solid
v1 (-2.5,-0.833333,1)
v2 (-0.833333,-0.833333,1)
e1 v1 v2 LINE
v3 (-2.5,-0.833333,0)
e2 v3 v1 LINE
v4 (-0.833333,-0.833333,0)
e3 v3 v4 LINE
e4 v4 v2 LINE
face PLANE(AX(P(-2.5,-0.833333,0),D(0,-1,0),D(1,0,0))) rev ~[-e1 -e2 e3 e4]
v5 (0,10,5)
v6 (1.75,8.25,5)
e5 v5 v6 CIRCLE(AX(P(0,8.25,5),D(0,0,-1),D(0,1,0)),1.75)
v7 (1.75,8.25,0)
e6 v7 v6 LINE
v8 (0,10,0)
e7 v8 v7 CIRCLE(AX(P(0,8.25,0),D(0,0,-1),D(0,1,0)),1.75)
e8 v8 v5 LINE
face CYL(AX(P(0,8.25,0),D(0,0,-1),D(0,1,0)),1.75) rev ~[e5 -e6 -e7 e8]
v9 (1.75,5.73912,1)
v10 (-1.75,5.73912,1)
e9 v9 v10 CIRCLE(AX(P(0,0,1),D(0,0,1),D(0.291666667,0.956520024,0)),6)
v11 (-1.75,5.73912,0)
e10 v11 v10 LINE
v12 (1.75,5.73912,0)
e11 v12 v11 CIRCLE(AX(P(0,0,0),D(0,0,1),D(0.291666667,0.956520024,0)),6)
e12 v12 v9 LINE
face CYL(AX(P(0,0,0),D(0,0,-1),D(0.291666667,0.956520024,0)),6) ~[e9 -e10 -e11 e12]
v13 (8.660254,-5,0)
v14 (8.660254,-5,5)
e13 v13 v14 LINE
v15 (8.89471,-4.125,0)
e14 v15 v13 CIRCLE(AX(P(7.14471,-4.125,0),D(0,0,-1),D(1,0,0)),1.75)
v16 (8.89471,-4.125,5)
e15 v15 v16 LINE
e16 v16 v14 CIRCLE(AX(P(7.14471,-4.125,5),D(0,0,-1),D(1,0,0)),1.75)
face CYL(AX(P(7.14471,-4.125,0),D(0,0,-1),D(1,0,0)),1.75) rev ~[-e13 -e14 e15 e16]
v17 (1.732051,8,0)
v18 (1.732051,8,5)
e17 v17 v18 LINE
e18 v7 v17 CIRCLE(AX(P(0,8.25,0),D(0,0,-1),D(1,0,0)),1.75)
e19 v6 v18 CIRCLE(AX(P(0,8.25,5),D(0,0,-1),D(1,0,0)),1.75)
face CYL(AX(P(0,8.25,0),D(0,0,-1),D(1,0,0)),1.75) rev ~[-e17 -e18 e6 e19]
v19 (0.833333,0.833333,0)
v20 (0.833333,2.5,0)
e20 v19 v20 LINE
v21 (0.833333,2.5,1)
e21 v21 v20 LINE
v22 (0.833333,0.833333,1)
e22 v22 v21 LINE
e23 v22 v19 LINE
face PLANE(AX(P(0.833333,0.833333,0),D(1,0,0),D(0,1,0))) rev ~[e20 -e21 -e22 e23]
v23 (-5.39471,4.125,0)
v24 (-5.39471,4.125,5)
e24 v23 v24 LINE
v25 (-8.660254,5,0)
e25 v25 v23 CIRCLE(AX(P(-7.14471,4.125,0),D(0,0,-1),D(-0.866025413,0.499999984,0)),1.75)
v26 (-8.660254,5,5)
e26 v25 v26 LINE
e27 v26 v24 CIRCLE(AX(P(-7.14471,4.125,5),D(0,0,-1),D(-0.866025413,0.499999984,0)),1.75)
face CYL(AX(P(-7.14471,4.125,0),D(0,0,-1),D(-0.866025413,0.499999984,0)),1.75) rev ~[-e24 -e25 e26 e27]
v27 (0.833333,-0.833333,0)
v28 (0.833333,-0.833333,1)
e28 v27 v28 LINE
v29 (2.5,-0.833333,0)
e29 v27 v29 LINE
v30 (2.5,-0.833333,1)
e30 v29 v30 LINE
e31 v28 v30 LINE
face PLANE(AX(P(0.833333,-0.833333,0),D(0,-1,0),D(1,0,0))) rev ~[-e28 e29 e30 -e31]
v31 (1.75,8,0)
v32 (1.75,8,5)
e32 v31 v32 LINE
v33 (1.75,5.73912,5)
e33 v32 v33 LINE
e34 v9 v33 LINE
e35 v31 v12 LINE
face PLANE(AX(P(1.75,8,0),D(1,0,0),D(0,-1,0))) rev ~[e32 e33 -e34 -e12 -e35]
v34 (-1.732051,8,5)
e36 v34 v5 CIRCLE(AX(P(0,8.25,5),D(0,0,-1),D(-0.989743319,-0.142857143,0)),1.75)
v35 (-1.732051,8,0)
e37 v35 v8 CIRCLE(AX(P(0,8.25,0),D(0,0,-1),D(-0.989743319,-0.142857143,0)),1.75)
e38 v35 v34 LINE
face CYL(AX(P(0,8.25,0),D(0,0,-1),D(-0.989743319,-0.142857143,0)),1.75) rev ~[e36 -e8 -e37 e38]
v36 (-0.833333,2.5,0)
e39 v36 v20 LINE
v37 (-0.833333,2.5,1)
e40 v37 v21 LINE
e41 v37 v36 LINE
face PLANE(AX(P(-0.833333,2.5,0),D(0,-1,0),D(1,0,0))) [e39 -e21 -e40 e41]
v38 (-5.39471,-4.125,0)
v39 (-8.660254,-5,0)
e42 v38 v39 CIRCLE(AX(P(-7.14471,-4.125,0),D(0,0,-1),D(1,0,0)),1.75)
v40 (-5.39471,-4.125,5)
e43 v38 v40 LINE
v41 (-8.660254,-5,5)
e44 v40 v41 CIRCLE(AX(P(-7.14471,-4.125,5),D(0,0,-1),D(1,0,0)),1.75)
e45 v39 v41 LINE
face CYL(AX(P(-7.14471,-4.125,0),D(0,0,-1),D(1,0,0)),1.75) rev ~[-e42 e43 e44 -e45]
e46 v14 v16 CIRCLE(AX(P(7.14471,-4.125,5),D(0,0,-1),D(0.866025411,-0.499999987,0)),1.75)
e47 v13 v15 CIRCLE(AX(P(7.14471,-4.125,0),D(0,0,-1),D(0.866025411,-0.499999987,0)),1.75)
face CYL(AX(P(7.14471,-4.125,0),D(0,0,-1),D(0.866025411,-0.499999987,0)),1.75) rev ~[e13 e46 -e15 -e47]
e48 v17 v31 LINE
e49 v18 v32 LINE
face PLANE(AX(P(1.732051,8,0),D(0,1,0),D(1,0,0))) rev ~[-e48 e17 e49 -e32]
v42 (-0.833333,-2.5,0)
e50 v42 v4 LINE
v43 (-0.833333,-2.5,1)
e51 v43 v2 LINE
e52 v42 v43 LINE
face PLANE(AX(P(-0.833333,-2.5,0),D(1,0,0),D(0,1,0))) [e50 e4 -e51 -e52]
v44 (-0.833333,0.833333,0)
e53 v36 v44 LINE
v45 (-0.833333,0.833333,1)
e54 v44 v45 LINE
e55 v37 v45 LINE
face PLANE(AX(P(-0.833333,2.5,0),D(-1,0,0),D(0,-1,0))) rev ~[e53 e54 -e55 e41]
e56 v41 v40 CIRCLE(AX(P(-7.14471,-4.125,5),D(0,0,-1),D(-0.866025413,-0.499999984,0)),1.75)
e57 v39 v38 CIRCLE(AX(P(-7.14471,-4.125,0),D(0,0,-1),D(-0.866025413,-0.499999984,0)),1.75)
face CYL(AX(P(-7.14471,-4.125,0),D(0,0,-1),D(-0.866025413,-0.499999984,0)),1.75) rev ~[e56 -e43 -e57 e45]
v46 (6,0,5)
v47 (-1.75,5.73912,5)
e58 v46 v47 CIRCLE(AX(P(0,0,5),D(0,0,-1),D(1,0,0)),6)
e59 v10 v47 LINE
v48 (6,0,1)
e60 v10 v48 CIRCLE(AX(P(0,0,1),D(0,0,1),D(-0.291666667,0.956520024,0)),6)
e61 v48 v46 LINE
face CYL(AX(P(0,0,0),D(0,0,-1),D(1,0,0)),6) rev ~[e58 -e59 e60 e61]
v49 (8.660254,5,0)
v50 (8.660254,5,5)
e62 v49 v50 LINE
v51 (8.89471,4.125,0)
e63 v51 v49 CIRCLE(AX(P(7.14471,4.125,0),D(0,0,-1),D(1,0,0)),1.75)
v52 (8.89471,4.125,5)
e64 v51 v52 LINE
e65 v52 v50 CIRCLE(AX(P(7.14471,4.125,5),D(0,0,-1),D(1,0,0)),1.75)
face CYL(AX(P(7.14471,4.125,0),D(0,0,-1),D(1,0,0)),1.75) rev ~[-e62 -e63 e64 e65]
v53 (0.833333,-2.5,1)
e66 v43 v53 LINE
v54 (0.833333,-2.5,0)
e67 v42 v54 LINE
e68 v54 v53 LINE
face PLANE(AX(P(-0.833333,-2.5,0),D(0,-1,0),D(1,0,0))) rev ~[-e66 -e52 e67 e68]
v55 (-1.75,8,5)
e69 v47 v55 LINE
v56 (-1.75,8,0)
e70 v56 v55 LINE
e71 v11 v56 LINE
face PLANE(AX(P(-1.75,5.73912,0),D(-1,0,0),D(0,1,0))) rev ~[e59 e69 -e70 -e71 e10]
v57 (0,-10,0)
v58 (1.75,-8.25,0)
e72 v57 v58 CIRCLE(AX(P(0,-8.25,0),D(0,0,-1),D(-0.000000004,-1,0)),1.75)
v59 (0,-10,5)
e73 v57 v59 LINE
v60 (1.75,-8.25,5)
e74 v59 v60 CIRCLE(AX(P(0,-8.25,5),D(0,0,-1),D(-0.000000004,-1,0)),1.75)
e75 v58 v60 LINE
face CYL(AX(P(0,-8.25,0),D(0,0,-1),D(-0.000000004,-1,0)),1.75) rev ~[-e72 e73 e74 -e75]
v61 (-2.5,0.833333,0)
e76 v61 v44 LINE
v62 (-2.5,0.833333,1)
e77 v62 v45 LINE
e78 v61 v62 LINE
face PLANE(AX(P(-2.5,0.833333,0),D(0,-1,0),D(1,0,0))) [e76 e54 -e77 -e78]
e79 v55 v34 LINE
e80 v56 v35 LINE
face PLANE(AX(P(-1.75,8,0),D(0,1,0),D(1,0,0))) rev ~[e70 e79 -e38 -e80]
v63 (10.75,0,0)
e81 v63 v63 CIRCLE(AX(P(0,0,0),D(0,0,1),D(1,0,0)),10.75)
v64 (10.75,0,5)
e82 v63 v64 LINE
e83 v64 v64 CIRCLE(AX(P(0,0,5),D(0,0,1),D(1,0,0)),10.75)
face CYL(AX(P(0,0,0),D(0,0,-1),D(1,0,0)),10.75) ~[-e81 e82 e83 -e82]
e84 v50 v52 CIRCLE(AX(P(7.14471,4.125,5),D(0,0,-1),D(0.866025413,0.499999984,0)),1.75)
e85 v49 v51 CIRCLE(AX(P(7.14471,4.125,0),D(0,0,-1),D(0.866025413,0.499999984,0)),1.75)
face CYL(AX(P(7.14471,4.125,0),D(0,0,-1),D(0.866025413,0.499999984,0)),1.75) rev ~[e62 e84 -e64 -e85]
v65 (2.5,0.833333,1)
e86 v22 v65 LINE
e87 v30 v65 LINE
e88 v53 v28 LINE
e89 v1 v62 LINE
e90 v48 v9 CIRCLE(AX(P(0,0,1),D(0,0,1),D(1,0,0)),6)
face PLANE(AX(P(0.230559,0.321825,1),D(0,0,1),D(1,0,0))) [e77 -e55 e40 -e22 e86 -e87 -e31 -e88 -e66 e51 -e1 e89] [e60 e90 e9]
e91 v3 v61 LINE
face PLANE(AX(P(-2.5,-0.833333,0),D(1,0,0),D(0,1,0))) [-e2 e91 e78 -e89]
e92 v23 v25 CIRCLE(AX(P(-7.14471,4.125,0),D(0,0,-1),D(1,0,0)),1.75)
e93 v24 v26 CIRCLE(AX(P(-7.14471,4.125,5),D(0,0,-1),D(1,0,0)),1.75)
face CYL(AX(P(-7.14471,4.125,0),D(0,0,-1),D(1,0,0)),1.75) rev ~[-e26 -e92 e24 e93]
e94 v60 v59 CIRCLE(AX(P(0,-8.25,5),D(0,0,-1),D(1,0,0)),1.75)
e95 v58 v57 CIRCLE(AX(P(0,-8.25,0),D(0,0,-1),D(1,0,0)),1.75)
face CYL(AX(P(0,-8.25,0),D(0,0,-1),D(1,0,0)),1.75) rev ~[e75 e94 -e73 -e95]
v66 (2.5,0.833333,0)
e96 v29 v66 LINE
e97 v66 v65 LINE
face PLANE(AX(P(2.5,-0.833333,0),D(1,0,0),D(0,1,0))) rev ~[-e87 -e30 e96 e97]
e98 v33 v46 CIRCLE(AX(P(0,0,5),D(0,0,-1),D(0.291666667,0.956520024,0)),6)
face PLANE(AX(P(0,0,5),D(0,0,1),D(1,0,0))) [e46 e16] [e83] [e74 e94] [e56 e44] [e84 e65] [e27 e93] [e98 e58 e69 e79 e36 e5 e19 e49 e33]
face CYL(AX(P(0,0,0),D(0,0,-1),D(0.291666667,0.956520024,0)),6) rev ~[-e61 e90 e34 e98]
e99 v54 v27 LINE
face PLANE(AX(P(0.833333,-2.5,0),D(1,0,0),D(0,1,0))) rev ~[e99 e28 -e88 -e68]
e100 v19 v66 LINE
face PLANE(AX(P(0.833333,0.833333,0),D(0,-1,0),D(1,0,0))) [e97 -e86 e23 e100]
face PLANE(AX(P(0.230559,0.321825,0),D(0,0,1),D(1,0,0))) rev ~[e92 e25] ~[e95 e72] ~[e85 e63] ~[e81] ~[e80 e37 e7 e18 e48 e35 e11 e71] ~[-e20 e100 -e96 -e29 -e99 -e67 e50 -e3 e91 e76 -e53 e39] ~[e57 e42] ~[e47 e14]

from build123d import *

# Parameters (mm, degrees)
F1_R     = 10.75
F2_DEPTH = 5
F3_DEPTH = 1
F0_W     = 1.6666666667
F0_H     = 1.6666666667
F4_DEPTH = 12.5


with BuildPart() as f2:
    # F1 (on Top) → F2 (new body)
    with BuildSketch(Plane.XY):
        Circle(F1_R)
        with BuildLine():
            ThreePointArc((-8.6602540538, 4.9999999724), (-5.0000000138, 8.6602540299), (0, 10))
            ThreePointArc((0, 10), (5.0000000138, 8.6602540299), (8.6602540538, 4.9999999724))
            ThreePointArc((8.6602540538, 4.9999999724), (9.659258267, 2.5881904356), (10, 0))
            ThreePointArc((10, 0), (9.6592582663, -2.5881904384), (8.6602540509, -4.9999999774))
            ThreePointArc((8.6602540509, -4.9999999774), (5.0000000086, -8.6602540329), (-6.2e-09, -10))
            ThreePointArc((-6.2e-09, -10), (-5.0000000165, -8.6602540283), (-8.6602540538, -4.9999999724))
            ThreePointArc((-8.6602540538, -4.9999999724), (-10, 0), (-8.6602540538, 4.9999999724))
        make_face(mode=Mode.SUBTRACT)
        with BuildLine():
            ThreePointArc((8.6602540538, 4.9999999724), (5.0000000138, 8.6602540299), (0, 10))
            ThreePointArc((0, 10), (-5.0000000138, 8.6602540299), (-8.6602540538, 4.9999999724))
            ThreePointArc((-8.6602540538, 4.9999999724), (-10, 0), (-8.6602540538, -4.9999999724))
            ThreePointArc((-8.6602540538, -4.9999999724), (-5.0000000165, -8.6602540283), (-6.2e-09, -10))
            ThreePointArc((-6.2e-09, -10), (5.0000000086, -8.6602540329), (8.6602540509, -4.9999999774))
            ThreePointArc((8.6602540509, -4.9999999774), (9.6592582663, -2.5881904384), (10, 0))
            ThreePointArc((10, 0), (9.659258267, 2.5881904356), (8.6602540538, 4.9999999724))
        make_face()
        with BuildLine():
            ThreePointArc((-5.3947095812, -4.125), (-6.6917762677, -5.8153702001), (-8.6602540538, -4.9999999724))
            ThreePointArc((-8.6602540538, -4.9999999724), (-7.5976428947, -2.4346297999), (-5.3947095812, -4.125))
        make_face(mode=Mode.SUBTRACT)
        with BuildLine():
            ThreePointArc((1.75, -8.25), (1.2374368649, -9.4874368693), (-6.2e-09, -10))
            ThreePointArc((-6.2e-09, -10), (-1.2374368649, -7.0125631307), (1.75, -8.25))
        make_face(mode=Mode.SUBTRACT)
        with BuildLine():
            ThreePointArc((8.8947095812, -4.125), (8.8350797806, -4.5779333163), (8.6602540509, -4.9999999774))
            ThreePointArc((8.6602540509, -4.9999999774), (5.4543393818, -3.6720666837), (8.8947095812, -4.125))
        make_face(mode=Mode.SUBTRACT)
        with BuildLine():
            ThreePointArc((-5.3947095812, 4.125), (-7.5976428947, 2.4346297999), (-8.6602540538, 4.9999999724))
            ThreePointArc((-8.6602540538, 4.9999999724), (-6.6917762677, 5.8153702001), (-5.3947095812, 4.125))
        make_face(mode=Mode.SUBTRACT)
        with BuildLine():
            ThreePointArc((1.75, 5.7391201416), (4.8218253805, 3.5707142143), (6, 0))
            ThreePointArc((6, 0), (-3.5707142143, -4.8218253805), (-1.75, 5.7391201416))
            Line((-1.75, 5.7391201416), (-1.75, 8))
            Line((-1.75, 8), (-1.7320508076, 8))
            ThreePointArc((-1.7320508076, 8), (-1.3228756555, 9.3956439237), (0, 10))
            ThreePointArc((0, 10), (1.2374368671, 9.4874368671), (1.75, 8.25))
            ThreePointArc((1.75, 8.25), (1.745506934, 8.1246782406), (1.7320508076, 8))
            Line((1.7320508076, 8), (1.75, 8))
            Line((1.75, 8), (1.75, 5.7391201416))
        make_face(mode=Mode.SUBTRACT)
        with BuildLine():
            ThreePointArc((8.8947095812, 4.125), (5.4543393811, 3.6720666865), (8.6602540538, 4.9999999724))
            ThreePointArc((8.6602540538, 4.9999999724), (8.8350797814, 4.5779333135), (8.8947095812, 4.125))
        make_face(mode=Mode.SUBTRACT)
    extrude(amount=F2_DEPTH)

    # F1 (on Top) → F3 (join)
    with BuildSketch(Plane.XY):
        with BuildLine():
            ThreePointArc((-1.75, 5.7391201416), (-3.5707142143, -4.8218253805), (6, 0))
            ThreePointArc((6, 0), (4.8218253805, 3.5707142143), (1.75, 5.7391201416))
            ThreePointArc((1.75, 5.7391201416), (0, 6), (-1.75, 5.7391201416))
        make_face()
    extrude(amount=F3_DEPTH)

    # F0 (on Top) → F4 (cut, symmetric)
    with BuildSketch(Plane.XY):
        with Locations((0, 1.6666666667)):
            Rectangle(F0_W, F0_H)
        Rectangle(F0_W, F0_H)
        with Locations((-1.6666666667, 0)):
            Rectangle(F0_W, F0_H)
        with Locations((1.6666666667, 0)):
            Rectangle(F0_W, F0_H)
        with Locations((0, -1.6666666667)):
            Rectangle(F0_W, F0_H)
    extrude(amount=F4_DEPTH, both=True, mode=Mode.SUBTRACT)


solid = f2.part
